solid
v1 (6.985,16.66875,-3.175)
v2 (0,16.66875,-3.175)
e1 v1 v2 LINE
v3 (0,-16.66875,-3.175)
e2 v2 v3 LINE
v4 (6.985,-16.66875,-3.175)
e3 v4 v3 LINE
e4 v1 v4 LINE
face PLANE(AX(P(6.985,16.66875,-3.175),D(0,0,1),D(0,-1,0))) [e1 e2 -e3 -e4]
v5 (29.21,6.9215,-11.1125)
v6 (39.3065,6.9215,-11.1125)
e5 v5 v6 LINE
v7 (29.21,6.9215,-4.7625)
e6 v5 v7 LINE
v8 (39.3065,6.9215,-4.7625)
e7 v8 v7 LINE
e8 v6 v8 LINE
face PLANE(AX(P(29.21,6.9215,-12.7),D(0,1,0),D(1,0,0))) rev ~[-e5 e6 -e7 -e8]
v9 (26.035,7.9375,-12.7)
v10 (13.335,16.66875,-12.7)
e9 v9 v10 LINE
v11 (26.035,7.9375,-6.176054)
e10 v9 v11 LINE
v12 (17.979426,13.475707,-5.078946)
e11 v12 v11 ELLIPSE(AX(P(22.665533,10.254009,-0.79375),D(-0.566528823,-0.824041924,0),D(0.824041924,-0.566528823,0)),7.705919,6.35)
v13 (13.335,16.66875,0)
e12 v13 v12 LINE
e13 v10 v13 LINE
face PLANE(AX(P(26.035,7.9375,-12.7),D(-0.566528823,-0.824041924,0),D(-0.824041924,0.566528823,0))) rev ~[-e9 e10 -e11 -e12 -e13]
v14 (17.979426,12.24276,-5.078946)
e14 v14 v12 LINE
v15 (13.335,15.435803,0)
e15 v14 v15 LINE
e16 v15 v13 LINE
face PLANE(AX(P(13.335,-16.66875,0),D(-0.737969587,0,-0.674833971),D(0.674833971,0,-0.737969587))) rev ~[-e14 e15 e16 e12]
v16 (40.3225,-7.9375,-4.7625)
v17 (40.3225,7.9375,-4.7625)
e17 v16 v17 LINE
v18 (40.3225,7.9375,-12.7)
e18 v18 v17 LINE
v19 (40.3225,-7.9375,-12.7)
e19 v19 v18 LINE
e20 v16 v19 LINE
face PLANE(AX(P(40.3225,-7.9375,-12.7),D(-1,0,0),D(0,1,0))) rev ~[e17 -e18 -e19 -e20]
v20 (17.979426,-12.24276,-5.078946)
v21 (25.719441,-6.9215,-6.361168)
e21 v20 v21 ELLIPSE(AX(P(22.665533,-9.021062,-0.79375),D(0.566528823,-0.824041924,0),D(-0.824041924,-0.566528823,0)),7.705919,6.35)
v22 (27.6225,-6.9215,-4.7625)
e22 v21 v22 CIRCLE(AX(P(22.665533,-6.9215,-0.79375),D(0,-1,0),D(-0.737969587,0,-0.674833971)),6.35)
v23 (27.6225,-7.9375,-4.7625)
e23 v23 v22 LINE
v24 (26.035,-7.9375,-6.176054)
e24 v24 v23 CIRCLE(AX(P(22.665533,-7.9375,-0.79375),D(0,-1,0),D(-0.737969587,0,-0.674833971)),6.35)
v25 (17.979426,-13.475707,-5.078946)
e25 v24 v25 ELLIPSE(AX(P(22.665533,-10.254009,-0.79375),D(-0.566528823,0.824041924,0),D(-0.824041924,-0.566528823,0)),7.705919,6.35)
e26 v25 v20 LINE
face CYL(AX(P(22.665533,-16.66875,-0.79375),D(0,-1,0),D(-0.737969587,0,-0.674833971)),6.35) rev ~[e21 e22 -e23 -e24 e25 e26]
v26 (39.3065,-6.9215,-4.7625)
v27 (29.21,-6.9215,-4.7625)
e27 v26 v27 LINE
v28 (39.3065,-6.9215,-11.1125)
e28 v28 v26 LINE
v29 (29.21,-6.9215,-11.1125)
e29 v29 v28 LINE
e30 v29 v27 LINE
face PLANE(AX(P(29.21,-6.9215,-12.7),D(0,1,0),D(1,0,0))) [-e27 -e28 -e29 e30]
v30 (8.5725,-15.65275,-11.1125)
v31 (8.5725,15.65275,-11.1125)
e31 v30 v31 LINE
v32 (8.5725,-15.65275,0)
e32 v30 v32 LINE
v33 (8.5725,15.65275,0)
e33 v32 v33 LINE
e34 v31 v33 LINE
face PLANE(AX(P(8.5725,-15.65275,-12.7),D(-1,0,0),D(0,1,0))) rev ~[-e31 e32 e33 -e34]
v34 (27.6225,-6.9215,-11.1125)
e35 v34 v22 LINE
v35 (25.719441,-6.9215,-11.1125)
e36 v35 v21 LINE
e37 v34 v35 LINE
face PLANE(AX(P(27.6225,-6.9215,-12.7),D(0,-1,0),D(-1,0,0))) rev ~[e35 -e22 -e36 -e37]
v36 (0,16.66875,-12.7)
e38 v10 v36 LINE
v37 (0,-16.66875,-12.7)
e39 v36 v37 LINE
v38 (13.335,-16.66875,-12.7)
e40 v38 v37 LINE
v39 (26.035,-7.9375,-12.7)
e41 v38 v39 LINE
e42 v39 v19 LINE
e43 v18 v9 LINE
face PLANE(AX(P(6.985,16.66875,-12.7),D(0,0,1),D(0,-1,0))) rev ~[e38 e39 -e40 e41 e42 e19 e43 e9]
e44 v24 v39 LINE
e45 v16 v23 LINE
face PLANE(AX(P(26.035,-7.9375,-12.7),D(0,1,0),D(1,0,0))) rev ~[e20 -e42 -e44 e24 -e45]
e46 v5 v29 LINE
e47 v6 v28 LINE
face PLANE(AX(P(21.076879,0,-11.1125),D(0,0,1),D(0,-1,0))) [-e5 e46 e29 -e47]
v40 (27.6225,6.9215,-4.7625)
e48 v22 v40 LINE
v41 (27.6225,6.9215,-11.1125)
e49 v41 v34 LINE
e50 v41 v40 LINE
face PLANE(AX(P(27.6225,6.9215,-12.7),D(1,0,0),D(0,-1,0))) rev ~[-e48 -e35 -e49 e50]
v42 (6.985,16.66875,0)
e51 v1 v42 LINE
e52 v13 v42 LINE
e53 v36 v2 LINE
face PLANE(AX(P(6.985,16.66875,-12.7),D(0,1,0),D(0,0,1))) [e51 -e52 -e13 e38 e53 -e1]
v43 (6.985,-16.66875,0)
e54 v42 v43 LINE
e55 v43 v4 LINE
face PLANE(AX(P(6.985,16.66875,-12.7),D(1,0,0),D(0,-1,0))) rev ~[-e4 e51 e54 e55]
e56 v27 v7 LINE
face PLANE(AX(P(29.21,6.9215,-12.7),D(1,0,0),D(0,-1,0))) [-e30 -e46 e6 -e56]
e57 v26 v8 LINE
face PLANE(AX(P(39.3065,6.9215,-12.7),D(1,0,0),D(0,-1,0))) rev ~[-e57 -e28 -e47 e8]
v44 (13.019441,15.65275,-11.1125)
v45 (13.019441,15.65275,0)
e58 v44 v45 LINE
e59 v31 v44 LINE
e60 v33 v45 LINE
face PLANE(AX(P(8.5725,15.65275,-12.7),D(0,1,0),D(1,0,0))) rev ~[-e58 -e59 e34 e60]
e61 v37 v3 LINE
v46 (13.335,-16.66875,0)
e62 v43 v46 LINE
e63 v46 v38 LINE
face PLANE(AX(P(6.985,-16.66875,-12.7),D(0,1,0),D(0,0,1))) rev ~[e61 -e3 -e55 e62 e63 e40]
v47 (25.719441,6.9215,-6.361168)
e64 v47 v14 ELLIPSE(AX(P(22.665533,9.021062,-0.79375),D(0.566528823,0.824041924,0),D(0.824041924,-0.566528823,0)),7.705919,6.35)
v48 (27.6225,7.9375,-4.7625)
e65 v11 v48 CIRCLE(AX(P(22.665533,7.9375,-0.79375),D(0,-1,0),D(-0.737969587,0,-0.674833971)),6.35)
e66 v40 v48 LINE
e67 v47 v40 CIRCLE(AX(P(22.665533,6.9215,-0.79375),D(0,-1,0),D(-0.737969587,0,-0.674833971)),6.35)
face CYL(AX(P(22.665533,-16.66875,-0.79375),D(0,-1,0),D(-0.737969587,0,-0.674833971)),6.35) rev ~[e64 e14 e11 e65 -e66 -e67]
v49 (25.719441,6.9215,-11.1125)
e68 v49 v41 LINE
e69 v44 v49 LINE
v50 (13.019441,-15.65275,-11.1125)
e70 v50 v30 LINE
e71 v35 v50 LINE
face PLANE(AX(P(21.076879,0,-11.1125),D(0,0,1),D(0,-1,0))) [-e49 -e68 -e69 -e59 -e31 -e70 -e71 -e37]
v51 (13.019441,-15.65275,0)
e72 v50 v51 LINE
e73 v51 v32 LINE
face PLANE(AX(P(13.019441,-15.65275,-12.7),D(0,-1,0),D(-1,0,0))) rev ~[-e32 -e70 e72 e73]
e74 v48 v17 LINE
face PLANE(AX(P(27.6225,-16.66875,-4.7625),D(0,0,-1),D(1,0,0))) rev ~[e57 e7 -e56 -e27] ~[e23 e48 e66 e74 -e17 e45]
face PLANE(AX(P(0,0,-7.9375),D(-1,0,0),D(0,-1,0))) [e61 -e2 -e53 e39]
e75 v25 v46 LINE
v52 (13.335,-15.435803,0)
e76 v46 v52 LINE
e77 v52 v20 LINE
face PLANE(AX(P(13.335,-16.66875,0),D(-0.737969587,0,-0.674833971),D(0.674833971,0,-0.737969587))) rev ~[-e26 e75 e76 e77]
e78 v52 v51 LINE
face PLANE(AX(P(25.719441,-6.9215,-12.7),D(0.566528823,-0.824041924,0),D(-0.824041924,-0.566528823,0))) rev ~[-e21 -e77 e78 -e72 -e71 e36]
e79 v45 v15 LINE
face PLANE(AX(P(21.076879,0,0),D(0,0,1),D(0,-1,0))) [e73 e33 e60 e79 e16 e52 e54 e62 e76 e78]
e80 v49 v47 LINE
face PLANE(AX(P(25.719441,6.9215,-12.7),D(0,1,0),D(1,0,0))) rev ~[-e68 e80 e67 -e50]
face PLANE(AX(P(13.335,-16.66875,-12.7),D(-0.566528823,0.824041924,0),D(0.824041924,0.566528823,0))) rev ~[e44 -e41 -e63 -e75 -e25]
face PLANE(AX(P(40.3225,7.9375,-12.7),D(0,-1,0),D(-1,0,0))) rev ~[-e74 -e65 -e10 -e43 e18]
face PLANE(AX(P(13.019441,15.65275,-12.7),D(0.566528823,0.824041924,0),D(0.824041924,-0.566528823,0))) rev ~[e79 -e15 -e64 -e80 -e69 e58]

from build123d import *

# Parameters (mm, degrees)
F0_W      = 13.843
F0_H      = 10.0965
F1_DEPTH  = 12.7
F3_DEPTH  = 1.5875
F5_DEPTH  = 33.3385
F6_W      = 33.3375
F6_H      = 9.525
F7_DEPTH  = 6.985
F9_ANGLE  = -90
F11_ANGLE = -90


with BuildPart() as f1:
    # F0 (on Front) → F1 (new body)
    with BuildSketch(Plane.XZ):
        Polygon((7.9375, 33.3375), (-7.9375, 33.3375), (-7.9375, 19.05), (-16.66875, 6.35), (-16.66875, 0), (16.66875, 0), (16.66875, 6.35), (7.9375, 19.05), align=None)
        Polygon((15.65275, 6.0344407596), (15.65275, 1.5875), (-15.65275, 1.5875), (-15.65275, 6.0344407596), (-6.9215, 18.7344407596), (-6.9215, 20.6375), (6.9215, 20.6375), (6.9215, 18.7344407596), align=None, mode=Mode.SUBTRACT)
        with Locations((0, 27.27325)):
            Rectangle(F0_W, F0_H, mode=Mode.SUBTRACT)
    extrude(amount=F1_DEPTH)

    # F2 (on Front) → F3 (join)
    with BuildSketch(Plane.XZ):
        Polygon((7.9375, 33.3375), (-7.9375, 33.3375), (-7.9375, 19.05), (-16.66875, 6.35), (-16.66875, 0), (16.66875, 0), (16.66875, 6.35), (7.9375, 19.05), align=None)
    extrude(amount=F3_DEPTH)

    # F4 (on face) → F5 (cut, through all)
    with BuildSketch(Plane.YZ.offset(16.66875)):
        with BuildLine():
            Line((-12.7, 33.3375), (-12.7, 6.35))
            Line((-12.7, 6.35), (-7.6210542824, 10.9944259619))
            ThreePointArc((-7.6210542824, 10.9944259619), (-5.559666336, 15.8888014069), (-7.9375, 20.6375))
            Line((-7.9375, 20.6375), (-7.9375, 33.3375))
            Line((-7.9375, 33.3375), (-12.7, 33.3375))
        make_face()
    extrude(amount=-F5_DEPTH, mode=Mode.SUBTRACT)

    # F6 (on face) → F7 (join)
    with BuildSketch(Plane(origin=(0, 0, 0), x_dir=(1, 0, 0), z_dir=(0, 0, -1))):
        with Locations((0, 4.7625)):
            Rectangle(F6_W, F6_H)
    extrude(amount=F7_DEPTH)


with BuildPart() as f1_1:
    # F9: moved
    add(f1.part.rotate(Axis((0, 0, -6.985), (1, 0, 0)), F9_ANGLE))


with BuildPart() as f1_2:
    # F11: moved
    add(f1_1.part.rotate(Axis((0, 0, -2.2225), (0, 0, 1)), F11_ANGLE))


with BuildPart() as f1_3:
    # F12: moved
    add(f1_2.part.moved(Location((0, 0, -5.715))))


solid = f1_3.part
